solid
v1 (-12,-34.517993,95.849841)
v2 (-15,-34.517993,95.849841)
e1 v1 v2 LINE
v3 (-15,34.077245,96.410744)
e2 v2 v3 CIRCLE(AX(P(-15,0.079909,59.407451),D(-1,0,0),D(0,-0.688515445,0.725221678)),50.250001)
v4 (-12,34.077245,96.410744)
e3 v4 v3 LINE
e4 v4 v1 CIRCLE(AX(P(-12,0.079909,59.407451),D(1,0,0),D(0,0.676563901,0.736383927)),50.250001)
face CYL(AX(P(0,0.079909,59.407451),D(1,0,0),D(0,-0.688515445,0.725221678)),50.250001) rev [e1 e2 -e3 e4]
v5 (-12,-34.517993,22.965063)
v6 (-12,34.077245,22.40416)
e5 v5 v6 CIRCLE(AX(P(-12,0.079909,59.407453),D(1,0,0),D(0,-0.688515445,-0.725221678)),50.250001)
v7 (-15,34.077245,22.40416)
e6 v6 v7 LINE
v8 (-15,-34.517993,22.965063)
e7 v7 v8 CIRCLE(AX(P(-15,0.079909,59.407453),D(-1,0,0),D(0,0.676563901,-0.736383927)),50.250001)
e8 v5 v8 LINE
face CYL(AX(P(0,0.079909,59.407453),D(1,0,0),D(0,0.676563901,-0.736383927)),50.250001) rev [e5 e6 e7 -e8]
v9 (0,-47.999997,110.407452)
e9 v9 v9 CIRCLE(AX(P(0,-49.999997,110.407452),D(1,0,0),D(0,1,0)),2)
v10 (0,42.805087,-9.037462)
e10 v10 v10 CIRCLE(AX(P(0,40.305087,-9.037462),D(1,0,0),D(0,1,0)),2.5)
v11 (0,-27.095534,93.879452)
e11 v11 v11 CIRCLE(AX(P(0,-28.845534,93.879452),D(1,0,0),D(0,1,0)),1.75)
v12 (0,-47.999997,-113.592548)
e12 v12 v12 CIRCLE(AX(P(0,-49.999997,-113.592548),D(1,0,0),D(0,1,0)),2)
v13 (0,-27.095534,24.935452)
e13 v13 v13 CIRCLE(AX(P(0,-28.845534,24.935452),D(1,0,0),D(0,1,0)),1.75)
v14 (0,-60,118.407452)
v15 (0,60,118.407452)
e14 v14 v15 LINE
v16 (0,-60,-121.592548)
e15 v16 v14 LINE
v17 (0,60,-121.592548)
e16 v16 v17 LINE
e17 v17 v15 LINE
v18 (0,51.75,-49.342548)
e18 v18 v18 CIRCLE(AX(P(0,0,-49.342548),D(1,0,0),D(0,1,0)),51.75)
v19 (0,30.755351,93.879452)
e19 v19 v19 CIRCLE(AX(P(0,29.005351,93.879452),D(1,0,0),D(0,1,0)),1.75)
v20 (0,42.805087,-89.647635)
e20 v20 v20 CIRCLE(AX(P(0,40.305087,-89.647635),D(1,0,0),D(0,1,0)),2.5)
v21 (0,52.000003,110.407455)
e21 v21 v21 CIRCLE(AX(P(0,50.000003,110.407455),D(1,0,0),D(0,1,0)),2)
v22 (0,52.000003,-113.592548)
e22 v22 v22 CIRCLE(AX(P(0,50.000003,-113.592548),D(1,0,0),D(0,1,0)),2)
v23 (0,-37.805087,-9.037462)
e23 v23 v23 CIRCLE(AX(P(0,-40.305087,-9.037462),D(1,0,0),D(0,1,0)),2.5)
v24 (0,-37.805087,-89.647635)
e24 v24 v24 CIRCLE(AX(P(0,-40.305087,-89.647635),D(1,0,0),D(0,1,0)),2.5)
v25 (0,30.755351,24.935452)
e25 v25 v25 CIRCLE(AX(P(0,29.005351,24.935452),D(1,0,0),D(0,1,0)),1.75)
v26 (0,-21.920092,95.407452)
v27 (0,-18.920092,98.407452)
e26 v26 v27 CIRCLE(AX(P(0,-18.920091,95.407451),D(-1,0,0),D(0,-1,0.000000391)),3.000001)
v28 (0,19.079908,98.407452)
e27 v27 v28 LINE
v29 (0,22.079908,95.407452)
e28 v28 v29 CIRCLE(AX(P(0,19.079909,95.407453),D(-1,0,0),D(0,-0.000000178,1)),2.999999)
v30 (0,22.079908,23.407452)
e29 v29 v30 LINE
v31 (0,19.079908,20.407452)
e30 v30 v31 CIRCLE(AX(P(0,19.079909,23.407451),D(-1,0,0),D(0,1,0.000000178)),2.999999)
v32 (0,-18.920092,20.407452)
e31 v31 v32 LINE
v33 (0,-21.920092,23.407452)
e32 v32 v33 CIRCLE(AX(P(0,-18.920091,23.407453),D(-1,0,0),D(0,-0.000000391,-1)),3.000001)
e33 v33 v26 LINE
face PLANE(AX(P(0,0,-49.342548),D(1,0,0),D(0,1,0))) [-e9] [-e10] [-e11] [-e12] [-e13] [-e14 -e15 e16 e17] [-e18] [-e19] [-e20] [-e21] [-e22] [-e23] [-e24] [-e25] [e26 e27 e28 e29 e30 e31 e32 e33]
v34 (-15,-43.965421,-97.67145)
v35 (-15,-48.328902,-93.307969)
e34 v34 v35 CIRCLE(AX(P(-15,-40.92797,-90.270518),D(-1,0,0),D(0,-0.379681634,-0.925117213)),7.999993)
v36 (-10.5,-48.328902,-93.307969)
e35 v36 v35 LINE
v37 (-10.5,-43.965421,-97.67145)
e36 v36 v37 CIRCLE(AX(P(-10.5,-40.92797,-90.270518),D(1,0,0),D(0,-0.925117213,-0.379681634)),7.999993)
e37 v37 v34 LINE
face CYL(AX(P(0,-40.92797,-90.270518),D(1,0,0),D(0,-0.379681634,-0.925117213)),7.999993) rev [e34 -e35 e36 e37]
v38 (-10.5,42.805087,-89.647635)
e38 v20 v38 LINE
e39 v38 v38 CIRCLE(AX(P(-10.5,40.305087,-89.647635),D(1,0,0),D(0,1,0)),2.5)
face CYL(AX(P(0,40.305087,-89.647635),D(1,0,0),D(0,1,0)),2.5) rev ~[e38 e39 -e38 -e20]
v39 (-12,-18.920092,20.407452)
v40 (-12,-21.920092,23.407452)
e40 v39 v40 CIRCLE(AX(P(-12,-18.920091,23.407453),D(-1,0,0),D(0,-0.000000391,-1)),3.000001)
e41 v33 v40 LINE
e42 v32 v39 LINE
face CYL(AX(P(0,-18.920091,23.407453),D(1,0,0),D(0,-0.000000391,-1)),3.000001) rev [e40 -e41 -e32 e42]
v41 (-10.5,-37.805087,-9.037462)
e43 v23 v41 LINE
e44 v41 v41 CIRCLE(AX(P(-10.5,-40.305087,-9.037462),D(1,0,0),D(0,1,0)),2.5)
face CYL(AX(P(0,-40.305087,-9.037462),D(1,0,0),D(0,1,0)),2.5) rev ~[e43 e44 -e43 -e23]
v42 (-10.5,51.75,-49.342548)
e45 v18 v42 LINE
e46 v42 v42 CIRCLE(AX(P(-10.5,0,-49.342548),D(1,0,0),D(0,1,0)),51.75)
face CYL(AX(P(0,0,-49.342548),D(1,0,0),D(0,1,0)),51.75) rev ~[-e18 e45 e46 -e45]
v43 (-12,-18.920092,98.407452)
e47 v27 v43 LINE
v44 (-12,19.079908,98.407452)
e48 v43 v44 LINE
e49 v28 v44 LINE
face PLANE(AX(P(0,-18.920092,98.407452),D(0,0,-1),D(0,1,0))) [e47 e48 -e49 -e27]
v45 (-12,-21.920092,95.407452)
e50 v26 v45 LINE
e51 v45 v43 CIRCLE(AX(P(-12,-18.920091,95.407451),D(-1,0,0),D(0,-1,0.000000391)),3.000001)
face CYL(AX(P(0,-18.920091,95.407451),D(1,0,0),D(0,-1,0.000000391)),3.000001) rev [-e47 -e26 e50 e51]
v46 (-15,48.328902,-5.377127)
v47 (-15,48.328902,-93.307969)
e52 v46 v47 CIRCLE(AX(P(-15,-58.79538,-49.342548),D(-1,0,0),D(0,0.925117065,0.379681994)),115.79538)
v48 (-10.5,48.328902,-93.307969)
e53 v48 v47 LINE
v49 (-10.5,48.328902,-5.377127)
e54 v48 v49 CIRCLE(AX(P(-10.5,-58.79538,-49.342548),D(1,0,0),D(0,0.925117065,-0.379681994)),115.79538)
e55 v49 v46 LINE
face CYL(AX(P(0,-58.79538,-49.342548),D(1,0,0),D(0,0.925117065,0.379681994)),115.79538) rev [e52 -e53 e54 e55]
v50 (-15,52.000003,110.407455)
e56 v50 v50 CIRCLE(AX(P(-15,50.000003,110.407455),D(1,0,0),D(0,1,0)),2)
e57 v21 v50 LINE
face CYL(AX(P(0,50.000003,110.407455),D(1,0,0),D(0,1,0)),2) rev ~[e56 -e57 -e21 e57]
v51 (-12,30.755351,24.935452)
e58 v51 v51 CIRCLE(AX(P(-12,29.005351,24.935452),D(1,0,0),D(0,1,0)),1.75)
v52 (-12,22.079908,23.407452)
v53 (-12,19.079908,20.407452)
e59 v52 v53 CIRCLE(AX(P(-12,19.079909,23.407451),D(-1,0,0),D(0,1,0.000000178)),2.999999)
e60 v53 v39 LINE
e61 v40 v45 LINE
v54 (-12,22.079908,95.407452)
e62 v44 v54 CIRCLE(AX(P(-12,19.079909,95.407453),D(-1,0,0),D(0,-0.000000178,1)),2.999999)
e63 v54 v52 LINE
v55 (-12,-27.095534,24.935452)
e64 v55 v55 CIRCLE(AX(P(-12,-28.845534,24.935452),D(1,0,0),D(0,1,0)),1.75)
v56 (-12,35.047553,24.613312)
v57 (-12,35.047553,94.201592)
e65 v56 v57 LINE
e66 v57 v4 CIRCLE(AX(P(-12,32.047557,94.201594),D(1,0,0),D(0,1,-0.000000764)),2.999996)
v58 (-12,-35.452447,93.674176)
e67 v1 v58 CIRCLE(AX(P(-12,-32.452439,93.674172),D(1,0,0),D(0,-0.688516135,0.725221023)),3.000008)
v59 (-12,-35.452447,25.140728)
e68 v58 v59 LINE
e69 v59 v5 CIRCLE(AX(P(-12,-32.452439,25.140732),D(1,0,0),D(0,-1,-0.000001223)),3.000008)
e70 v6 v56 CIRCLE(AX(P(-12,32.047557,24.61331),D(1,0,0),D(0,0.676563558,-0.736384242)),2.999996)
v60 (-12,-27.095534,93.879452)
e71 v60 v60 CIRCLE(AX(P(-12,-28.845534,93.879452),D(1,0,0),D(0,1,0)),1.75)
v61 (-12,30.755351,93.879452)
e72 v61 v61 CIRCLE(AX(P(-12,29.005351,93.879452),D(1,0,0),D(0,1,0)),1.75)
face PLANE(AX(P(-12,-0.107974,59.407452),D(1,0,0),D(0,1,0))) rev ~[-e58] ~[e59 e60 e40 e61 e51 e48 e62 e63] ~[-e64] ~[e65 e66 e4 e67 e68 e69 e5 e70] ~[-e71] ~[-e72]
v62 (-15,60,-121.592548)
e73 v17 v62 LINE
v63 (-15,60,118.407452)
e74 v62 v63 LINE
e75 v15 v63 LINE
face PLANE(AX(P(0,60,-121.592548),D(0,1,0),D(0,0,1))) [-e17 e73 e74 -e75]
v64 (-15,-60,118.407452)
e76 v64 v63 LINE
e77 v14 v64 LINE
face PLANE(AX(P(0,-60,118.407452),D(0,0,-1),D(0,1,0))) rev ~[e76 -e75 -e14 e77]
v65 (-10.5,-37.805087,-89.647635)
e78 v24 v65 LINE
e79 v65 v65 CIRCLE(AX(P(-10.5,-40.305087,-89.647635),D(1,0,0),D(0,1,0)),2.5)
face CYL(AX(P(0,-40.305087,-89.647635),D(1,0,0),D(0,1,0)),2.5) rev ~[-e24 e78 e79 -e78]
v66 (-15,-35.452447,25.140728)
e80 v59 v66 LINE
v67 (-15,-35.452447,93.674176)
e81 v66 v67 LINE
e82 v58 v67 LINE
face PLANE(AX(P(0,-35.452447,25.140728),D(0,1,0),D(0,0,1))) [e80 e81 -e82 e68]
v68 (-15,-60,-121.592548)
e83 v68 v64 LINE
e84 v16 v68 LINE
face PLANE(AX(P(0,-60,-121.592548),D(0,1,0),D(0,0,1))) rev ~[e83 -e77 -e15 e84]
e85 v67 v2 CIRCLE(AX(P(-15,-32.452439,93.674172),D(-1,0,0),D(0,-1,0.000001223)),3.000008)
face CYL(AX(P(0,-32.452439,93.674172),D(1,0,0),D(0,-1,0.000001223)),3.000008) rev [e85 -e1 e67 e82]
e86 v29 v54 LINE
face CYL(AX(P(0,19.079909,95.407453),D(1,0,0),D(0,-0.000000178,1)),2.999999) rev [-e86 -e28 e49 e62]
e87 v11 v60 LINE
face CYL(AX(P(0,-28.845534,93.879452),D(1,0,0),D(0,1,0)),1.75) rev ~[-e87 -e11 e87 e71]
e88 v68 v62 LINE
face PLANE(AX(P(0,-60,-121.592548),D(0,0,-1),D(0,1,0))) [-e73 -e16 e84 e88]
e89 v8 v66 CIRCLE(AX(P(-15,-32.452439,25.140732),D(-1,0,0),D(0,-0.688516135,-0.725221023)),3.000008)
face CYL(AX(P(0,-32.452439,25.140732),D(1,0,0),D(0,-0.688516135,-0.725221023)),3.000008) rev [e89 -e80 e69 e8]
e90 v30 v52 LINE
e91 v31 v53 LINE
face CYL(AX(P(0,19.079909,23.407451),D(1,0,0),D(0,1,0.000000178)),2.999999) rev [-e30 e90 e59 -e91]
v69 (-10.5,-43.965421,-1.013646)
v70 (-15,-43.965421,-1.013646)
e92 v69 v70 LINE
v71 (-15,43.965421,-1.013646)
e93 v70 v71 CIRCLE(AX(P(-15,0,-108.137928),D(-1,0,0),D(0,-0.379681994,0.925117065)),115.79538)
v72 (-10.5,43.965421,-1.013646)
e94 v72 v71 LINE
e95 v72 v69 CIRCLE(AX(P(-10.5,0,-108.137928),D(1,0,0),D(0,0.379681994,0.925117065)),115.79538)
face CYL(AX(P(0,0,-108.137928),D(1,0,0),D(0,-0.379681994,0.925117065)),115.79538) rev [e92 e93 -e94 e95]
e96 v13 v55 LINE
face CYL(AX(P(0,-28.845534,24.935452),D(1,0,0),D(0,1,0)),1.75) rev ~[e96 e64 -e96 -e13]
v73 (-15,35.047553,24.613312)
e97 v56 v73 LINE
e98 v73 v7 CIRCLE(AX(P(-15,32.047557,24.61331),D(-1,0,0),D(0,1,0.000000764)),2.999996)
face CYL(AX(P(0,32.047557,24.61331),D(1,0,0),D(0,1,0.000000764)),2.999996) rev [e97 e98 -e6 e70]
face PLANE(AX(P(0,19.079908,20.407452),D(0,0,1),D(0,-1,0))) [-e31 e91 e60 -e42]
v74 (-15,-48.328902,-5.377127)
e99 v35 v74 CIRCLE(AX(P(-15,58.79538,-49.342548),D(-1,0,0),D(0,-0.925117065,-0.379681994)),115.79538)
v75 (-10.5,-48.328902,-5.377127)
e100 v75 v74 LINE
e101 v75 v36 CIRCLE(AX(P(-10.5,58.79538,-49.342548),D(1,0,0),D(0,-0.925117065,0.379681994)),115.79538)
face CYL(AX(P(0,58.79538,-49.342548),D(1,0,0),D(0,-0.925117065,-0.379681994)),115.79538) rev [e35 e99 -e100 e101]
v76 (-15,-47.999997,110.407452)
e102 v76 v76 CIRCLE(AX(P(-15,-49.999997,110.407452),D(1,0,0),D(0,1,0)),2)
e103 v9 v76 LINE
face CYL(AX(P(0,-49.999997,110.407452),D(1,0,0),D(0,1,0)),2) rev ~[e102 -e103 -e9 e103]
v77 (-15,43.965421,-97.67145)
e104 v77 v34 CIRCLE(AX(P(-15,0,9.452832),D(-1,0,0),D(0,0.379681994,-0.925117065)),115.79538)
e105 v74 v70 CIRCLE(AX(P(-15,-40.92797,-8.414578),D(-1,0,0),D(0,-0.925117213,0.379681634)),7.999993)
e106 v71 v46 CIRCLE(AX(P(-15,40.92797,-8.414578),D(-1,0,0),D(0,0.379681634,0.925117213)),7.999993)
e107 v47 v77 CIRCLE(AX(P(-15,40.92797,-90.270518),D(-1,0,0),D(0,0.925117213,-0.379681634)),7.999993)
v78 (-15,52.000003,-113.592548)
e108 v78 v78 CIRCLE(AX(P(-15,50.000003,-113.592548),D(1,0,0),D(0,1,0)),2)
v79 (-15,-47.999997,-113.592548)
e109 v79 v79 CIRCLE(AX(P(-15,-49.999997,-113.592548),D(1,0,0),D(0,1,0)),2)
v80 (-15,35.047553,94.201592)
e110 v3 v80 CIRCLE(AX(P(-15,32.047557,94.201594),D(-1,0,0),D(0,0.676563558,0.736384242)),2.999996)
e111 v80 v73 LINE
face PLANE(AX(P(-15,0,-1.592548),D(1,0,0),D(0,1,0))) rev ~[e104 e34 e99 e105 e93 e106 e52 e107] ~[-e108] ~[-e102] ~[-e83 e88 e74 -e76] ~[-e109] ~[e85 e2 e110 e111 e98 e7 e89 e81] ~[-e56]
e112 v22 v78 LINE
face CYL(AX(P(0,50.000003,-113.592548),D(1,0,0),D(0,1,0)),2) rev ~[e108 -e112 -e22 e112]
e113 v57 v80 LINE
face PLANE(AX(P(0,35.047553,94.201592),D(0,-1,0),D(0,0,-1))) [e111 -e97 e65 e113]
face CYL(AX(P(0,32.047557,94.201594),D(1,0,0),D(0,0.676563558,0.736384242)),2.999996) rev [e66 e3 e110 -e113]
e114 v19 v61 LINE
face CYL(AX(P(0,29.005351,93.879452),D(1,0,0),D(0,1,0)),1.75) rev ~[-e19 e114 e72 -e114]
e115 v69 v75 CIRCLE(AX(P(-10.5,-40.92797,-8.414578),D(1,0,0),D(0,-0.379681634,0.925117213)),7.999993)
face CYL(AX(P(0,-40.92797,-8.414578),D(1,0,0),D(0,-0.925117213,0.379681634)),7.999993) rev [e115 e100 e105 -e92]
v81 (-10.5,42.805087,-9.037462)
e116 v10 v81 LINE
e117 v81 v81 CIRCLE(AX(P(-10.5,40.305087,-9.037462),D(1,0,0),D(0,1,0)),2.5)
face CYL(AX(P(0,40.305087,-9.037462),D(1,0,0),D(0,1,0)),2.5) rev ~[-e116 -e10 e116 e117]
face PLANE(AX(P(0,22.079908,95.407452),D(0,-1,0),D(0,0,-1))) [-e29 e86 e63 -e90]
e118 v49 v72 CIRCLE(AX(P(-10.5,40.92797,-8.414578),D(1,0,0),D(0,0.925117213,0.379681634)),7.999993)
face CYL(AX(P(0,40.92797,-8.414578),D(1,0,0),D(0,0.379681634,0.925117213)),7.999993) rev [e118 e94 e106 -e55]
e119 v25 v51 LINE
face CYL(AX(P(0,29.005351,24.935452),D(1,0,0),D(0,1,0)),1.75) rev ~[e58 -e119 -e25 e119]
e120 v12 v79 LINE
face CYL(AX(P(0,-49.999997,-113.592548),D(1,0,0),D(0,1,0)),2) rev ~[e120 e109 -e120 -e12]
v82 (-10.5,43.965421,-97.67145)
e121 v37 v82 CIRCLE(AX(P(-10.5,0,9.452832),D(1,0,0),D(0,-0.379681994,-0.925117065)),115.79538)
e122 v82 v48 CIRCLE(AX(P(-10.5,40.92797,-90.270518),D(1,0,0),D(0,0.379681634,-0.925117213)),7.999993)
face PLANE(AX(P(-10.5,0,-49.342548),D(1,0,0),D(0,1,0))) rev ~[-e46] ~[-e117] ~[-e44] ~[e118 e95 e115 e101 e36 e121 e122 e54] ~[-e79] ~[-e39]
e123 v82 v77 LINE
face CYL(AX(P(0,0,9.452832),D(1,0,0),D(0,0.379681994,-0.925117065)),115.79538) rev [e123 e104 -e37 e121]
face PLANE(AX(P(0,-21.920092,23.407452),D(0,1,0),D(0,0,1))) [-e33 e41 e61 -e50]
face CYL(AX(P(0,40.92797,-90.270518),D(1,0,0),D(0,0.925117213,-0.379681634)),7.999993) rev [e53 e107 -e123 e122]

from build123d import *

# Parameters (mm, degrees)
F0_W     = 120
F0_H     = 240
F0_R     = 2
F0_R_2   = 1.75
F1_DEPTH = 15
F2_DEPTH = 12
F0_R_3   = 2.5
F0_R_4   = 51.75
F3_DEPTH = 10.5


with BuildPart() as f1:
    # F0 (on Right) → F1 (new body)
    with BuildSketch(Plane.YZ):
        with Locations((0, -1.592548)):
            Rectangle(F0_W, F0_H)
        with Locations((-49.999997, -113.592548)):
            Circle(F0_R, mode=Mode.SUBTRACT)
        with BuildLine():
            ThreePointArc((-43.965421, -1.013646), (0, 7.657452), (43.965421, -1.013646))
            ThreePointArc((43.965421, -1.013646), (46.58482, -2.757728), (48.328902, -5.377127))
            ThreePointArc((48.328902, -5.377127), (57, -49.342548), (48.328902, -93.307969))
            ThreePointArc((48.328902, -93.307969), (46.58482, -95.927368), (43.965421, -97.67145))
            ThreePointArc((43.965421, -97.67145), (0, -106.342548), (-43.965421, -97.67145))
            ThreePointArc((-43.965421, -97.67145), (-46.58482, -95.927368), (-48.328902, -93.307969))
            ThreePointArc((-48.328902, -93.307969), (-57, -49.342548), (-48.328902, -5.377127))
            ThreePointArc((-48.328902, -5.377127), (-46.58482, -2.757728), (-43.965421, -1.013646))
        make_face(mode=Mode.SUBTRACT)
        with Locations((50.000003, -113.592548)):
            Circle(F0_R, mode=Mode.SUBTRACT)
        with Locations((-45.415495, 59.40745)):
            Circle(F0_R_2, mode=Mode.SUBTRACT)
        with Locations((-49.999997, 110.407452)):
            Circle(F0_R, mode=Mode.SUBTRACT)
        with BuildLine():
            ThreePointArc((-34.517993, 95.849841), (-0.330971, 109.655772), (34.077245, 96.410744))
            ThreePointArc((34.077245, 96.410744), (34.794286, 95.408017), (35.047553, 94.201592))
            Line((35.047553, 94.201592), (35.047553, 24.613312))
            ThreePointArc((35.047553, 24.613312), (34.794286, 23.406887), (34.077245, 22.40416))
            ThreePointArc((34.077245, 22.40416), (-0.330971, 9.159132), (-34.517993, 22.965063))
            ThreePointArc((-34.517993, 22.965063), (-35.208951, 23.956802), (-35.452447, 25.140728))
            Line((-35.452447, 25.140728), (-35.452447, 93.674176))
            ThreePointArc((-35.452447, 93.674176), (-35.208951, 94.858102), (-34.517993, 95.849841))
        make_face(mode=Mode.SUBTRACT)
        with Locations((45.292415, 59.40745)):
            Circle(F0_R_2, mode=Mode.SUBTRACT)
        with Locations((50.000003, 110.407455)):
            Circle(F0_R, mode=Mode.SUBTRACT)
        with Locations((45.292415, 59.40745)):
            Circle(F0_R_2)
        with Locations((-45.415495, 59.40745)):
            Circle(F0_R_2)
    extrude(amount=-F1_DEPTH)

    # F0 (on Right) → F2 (join)
    with BuildSketch(Plane.YZ):
        with BuildLine():
            ThreePointArc((35.047553, 94.201592), (34.794286, 95.408017), (34.077245, 96.410744))
            ThreePointArc((34.077245, 96.410744), (-0.330971, 109.655772), (-34.517993, 95.849841))
            ThreePointArc((-34.517993, 95.849841), (-35.208951, 94.858102), (-35.452447, 93.674176))
            Line((-35.452447, 93.674176), (-35.452447, 25.140728))
            ThreePointArc((-35.452447, 25.140728), (-35.208951, 23.956802), (-34.517993, 22.965063))
            ThreePointArc((-34.517993, 22.965063), (-0.330971, 9.159132), (34.077245, 22.40416))
            ThreePointArc((34.077245, 22.40416), (34.794286, 23.406887), (35.047553, 24.613312))
            Line((35.047553, 24.613312), (35.047553, 94.201592))
        make_face()
        with Locations((-28.845534, 24.935452)):
            Circle(F0_R_2, mode=Mode.SUBTRACT)
        with Locations((-28.845534, 93.879452)):
            Circle(F0_R_2, mode=Mode.SUBTRACT)
        with Locations((29.005351, 24.935452)):
            Circle(F0_R_2, mode=Mode.SUBTRACT)
        with BuildLine():
            Line((-18.920092, 98.407452), (19.079908, 98.407452))
            ThreePointArc((19.079908, 98.407452), (21.201229, 97.528772), (22.079908, 95.407452))
            Line((22.079908, 95.407452), (22.079908, 23.407452))
            ThreePointArc((22.079908, 23.407452), (21.201229, 21.286132), (19.079908, 20.407452))
            Line((19.079908, 20.407452), (-18.920092, 20.407452))
            ThreePointArc((-18.920092, 20.407452), (-21.041412, 21.286132), (-21.920092, 23.407452))
            Line((-21.920092, 23.407452), (-21.920092, 95.407452))
            ThreePointArc((-21.920092, 95.407452), (-21.041412, 97.528772), (-18.920092, 98.407452))
        make_face(mode=Mode.SUBTRACT)
        with Locations((29.005351, 93.879452)):
            Circle(F0_R_2, mode=Mode.SUBTRACT)
    extrude(amount=-F2_DEPTH)

    # F0 (on Right) → F3 (join)
    with BuildSketch(Plane.YZ):
        with BuildLine():
            ThreePointArc((48.328902, -5.377127), (46.58482, -2.757728), (43.965421, -1.013646))
            ThreePointArc((43.965421, -1.013646), (0, 7.657452), (-43.965421, -1.013646))
            ThreePointArc((-43.965421, -1.013646), (-46.58482, -2.757728), (-48.328902, -5.377127))
            ThreePointArc((-48.328902, -5.377127), (-57, -49.342548), (-48.328902, -93.307969))
            ThreePointArc((-48.328902, -93.307969), (-46.58482, -95.927368), (-43.965421, -97.67145))
            ThreePointArc((-43.965421, -97.67145), (0, -106.342548), (43.965421, -97.67145))
            ThreePointArc((43.965421, -97.67145), (46.58482, -95.927368), (48.328902, -93.307969))
            ThreePointArc((48.328902, -93.307969), (57, -49.342548), (48.328902, -5.377127))
        make_face()
        with Locations((-40.305087, -89.647635)):
            Circle(F0_R_3, mode=Mode.SUBTRACT)
        with Locations((-40.305087, -9.037462)):
            Circle(F0_R_3, mode=Mode.SUBTRACT)
        with Locations((40.305087, -89.647635)):
            Circle(F0_R_3, mode=Mode.SUBTRACT)
        with Locations((0, -49.342548)):
            Circle(F0_R_4, mode=Mode.SUBTRACT)
        with Locations((40.305087, -9.037462)):
            Circle(F0_R_3, mode=Mode.SUBTRACT)
    extrude(amount=-F3_DEPTH)


solid = f1.part
